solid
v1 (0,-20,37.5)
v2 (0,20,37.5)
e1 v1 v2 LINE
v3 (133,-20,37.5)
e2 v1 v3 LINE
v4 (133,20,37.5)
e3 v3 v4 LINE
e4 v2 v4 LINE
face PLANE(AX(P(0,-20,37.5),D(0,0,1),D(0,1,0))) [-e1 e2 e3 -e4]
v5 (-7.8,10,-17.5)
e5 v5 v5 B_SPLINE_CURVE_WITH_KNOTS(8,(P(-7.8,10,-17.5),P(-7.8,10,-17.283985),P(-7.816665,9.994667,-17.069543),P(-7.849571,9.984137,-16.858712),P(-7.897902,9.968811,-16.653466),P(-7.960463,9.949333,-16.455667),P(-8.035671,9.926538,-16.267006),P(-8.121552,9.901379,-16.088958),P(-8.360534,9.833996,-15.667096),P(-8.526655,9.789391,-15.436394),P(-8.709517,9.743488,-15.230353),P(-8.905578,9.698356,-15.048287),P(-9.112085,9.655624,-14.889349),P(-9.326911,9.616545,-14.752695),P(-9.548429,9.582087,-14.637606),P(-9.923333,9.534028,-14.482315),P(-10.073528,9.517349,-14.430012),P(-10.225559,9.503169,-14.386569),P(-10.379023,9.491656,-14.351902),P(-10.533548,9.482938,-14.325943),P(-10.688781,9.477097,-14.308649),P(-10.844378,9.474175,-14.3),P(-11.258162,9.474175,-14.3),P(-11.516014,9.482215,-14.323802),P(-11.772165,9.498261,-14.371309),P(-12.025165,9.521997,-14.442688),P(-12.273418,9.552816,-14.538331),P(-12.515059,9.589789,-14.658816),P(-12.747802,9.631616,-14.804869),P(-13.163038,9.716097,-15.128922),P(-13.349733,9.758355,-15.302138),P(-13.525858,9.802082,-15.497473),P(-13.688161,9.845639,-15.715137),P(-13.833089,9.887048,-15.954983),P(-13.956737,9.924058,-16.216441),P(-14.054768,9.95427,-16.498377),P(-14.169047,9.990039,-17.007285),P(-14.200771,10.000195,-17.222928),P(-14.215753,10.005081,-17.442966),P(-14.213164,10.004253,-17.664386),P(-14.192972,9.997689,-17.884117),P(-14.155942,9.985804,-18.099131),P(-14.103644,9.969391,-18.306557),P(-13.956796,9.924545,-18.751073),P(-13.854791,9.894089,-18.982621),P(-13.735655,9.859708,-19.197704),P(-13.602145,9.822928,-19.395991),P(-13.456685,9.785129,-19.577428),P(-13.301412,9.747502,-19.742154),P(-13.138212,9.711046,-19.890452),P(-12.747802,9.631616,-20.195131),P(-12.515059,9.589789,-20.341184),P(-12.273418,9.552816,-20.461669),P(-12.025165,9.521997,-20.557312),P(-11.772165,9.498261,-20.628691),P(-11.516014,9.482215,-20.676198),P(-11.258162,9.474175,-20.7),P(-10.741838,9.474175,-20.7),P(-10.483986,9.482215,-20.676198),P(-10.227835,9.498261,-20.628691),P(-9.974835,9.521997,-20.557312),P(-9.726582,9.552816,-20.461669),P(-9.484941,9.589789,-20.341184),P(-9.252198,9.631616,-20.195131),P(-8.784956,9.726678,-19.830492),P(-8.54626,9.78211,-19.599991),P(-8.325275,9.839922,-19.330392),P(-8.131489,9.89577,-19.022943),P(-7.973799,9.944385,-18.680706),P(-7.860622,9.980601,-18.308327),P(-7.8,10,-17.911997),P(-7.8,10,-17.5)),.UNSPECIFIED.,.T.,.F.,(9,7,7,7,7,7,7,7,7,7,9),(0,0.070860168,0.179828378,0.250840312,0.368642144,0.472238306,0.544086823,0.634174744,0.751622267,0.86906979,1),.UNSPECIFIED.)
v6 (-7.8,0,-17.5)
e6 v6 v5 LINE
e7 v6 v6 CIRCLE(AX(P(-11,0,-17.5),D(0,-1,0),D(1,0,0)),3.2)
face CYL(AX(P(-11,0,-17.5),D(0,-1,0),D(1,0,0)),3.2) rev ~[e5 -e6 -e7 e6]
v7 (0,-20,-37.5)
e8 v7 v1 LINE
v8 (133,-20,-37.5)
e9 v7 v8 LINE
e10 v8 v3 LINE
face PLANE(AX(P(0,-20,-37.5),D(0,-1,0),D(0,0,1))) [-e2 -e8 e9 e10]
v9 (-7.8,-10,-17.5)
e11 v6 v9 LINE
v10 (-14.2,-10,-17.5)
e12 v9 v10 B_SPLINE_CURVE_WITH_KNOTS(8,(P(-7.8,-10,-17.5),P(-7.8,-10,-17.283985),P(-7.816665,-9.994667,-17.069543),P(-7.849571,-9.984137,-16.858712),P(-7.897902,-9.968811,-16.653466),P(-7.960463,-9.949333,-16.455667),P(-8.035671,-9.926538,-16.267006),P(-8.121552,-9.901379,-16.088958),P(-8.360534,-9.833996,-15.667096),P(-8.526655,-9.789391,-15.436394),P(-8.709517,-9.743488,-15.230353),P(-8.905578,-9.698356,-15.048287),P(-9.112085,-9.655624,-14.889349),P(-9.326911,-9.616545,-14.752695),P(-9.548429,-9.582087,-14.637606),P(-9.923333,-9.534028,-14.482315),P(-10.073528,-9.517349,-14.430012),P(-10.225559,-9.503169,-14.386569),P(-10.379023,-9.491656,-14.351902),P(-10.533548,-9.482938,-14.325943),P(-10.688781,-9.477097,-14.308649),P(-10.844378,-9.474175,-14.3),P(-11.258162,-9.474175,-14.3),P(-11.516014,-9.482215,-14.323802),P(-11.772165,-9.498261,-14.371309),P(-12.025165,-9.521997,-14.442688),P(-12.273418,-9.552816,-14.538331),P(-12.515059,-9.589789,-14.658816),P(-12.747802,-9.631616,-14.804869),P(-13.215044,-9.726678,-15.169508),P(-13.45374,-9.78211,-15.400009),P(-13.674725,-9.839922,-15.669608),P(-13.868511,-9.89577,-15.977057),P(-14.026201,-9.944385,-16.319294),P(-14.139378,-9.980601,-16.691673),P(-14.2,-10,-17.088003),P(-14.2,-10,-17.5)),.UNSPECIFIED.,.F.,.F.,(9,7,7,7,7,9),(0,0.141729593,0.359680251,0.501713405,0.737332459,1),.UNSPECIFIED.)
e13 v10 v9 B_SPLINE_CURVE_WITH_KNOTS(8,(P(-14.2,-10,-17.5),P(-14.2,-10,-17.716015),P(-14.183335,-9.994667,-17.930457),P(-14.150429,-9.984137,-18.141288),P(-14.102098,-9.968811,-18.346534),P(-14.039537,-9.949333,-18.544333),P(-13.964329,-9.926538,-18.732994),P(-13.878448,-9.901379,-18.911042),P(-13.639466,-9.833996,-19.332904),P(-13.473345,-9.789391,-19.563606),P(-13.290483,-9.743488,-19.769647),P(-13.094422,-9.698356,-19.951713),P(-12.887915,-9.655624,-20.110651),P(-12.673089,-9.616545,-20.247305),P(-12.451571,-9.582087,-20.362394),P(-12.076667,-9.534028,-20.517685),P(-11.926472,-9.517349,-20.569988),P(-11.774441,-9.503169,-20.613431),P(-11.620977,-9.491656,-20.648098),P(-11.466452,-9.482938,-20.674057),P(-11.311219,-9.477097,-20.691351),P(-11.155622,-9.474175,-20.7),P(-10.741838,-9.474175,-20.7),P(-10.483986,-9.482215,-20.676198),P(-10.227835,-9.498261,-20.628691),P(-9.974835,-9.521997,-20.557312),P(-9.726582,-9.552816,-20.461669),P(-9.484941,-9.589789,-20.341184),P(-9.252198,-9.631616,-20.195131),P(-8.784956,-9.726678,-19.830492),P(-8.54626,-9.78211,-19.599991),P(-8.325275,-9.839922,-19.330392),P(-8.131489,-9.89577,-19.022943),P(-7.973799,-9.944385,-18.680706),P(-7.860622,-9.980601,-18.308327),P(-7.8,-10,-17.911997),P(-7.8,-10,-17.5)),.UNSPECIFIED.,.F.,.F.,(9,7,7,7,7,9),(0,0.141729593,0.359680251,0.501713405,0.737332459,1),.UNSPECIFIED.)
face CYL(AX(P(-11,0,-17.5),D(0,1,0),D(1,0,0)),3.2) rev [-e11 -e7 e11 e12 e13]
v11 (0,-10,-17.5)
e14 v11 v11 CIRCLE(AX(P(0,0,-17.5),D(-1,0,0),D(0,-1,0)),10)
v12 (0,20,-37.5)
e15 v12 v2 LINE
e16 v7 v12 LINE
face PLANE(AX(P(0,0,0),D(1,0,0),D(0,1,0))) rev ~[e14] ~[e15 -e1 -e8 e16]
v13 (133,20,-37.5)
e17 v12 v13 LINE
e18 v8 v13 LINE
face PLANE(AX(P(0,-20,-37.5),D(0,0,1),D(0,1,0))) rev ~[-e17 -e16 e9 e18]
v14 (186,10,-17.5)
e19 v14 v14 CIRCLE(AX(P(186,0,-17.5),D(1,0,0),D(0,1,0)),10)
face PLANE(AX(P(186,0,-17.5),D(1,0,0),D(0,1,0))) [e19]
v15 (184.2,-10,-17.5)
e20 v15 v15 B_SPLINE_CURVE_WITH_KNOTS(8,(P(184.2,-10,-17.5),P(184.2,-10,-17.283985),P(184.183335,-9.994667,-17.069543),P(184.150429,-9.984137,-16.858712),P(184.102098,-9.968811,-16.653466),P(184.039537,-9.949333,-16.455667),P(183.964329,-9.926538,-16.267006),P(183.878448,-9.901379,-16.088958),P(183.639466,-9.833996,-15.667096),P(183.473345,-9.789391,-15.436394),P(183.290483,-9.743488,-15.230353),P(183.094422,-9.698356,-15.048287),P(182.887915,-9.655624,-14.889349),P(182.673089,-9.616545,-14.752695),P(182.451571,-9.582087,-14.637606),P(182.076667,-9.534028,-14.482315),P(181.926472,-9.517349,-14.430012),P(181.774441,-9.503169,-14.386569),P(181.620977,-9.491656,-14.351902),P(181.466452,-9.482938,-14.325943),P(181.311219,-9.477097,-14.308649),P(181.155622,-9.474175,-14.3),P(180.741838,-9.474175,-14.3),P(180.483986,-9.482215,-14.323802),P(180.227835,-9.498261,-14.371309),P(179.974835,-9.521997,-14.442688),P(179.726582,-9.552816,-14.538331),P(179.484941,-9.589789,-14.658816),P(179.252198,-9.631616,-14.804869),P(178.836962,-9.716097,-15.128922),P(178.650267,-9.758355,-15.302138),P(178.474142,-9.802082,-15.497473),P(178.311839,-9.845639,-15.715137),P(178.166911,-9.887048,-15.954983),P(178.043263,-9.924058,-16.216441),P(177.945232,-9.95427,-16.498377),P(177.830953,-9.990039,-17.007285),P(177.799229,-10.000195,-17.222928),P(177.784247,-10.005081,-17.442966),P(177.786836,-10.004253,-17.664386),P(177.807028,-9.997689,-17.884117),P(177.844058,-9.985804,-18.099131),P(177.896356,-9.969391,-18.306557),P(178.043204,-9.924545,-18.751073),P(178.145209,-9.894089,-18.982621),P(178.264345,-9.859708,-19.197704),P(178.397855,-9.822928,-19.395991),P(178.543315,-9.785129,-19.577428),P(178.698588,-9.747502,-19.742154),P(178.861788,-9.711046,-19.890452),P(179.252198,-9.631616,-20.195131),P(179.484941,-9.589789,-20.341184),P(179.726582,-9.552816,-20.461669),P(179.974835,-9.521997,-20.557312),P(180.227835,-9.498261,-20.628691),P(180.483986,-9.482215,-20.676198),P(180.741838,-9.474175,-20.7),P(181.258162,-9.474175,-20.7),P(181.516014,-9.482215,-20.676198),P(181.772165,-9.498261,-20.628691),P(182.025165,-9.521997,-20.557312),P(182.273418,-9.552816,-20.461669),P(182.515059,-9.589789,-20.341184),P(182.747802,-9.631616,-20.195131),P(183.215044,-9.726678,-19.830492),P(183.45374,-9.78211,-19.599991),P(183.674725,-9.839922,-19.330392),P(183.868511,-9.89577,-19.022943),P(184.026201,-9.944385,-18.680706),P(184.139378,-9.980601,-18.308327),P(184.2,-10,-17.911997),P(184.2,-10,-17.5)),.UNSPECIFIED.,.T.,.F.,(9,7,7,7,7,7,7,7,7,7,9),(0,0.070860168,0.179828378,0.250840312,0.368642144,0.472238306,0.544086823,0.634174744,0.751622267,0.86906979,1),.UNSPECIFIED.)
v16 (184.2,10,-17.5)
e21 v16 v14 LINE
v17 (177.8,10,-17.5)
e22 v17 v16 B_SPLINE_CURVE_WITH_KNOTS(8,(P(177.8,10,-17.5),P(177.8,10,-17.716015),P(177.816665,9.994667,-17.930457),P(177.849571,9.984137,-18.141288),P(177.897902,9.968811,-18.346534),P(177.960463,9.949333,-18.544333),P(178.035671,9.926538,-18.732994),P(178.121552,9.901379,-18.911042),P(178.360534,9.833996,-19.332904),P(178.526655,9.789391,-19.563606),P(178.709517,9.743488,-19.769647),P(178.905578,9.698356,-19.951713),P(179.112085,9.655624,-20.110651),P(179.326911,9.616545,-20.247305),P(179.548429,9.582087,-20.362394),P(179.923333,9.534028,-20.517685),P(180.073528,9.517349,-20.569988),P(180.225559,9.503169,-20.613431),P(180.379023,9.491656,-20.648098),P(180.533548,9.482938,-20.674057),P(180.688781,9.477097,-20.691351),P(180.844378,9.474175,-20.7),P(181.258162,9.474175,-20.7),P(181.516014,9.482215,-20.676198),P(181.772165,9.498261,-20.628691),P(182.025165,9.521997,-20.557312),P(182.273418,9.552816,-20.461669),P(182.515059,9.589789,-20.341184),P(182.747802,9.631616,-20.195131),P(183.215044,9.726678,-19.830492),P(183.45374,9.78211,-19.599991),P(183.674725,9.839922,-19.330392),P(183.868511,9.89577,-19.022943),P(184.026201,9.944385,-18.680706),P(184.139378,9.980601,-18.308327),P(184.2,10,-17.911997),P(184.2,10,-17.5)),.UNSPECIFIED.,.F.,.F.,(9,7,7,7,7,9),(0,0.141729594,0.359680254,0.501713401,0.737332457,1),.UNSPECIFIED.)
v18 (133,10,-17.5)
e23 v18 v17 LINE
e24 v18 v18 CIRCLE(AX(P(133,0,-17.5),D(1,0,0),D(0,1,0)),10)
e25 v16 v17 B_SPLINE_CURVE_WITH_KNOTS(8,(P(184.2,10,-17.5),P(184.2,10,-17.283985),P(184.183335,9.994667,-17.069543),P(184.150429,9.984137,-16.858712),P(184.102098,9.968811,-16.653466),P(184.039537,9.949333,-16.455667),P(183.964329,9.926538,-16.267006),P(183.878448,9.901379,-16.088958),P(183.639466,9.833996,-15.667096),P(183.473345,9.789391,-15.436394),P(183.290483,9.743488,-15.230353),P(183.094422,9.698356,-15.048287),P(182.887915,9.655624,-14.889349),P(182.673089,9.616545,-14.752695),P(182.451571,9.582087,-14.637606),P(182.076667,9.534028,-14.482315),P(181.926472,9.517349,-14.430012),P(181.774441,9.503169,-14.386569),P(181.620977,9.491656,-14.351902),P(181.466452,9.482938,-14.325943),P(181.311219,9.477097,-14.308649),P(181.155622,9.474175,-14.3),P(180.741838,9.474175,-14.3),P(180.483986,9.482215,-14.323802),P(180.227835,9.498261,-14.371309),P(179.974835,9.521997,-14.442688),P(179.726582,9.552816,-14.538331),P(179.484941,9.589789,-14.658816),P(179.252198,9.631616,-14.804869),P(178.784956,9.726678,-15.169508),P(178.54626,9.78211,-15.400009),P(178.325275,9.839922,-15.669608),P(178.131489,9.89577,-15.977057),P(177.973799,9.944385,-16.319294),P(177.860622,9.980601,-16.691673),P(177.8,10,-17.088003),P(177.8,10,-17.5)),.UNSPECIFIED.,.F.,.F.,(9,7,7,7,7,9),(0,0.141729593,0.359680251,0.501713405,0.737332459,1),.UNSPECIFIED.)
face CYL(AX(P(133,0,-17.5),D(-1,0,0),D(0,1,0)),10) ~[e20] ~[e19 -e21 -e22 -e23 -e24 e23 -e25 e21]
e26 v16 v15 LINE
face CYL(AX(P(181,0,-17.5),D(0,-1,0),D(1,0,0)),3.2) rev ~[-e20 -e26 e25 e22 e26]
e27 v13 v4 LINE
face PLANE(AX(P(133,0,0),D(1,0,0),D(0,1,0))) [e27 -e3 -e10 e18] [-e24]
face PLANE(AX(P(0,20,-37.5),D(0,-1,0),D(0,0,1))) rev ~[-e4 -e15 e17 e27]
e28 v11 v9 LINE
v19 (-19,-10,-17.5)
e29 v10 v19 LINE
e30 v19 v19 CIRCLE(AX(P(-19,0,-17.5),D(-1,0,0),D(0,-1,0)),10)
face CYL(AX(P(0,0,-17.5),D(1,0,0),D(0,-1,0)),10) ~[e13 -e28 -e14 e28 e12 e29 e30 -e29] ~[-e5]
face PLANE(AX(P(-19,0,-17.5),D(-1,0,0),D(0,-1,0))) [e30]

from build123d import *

# Parameters (mm, degrees)
F0_W     = 40
F0_H     = 75
F1_DEPTH = 133
F2_R     = 10
F3_DEPTH = 19
F4_R     = 10
F6_DEPTH = 53
F5_R     = 3.2
F7_DEPTH = 12.5


with BuildPart() as f1:
    # F0 (on Right) → F1 (new body)
    with BuildSketch(Plane.YZ):
        Rectangle(F0_W, F0_H)
    extrude(amount=F1_DEPTH)

    # F2 (on face) → F3 (join)
    with BuildSketch(Plane(origin=(0, 0, 0), x_dir=(0, -1, 0), z_dir=(-1, 0, 0))):
        with Locations((0, -17.5)):
            Circle(F2_R)
    extrude(amount=F3_DEPTH)

    # F4 (on face) → F6 (join)
    with BuildSketch(Plane.YZ.offset(133)):
        with Locations((0, -17.5)):
            Circle(F4_R)
    extrude(amount=F6_DEPTH)

    # F5 (on Front) → F7 (cut, symmetric)
    with BuildSketch(Plane.XZ):
        with Locations((-11, -17.5)):
            Circle(F5_R)
        with Locations((181, -17.5)):
            Circle(F5_R)
    extrude(amount=F7_DEPTH, both=True, mode=Mode.SUBTRACT)


solid = f1.part
